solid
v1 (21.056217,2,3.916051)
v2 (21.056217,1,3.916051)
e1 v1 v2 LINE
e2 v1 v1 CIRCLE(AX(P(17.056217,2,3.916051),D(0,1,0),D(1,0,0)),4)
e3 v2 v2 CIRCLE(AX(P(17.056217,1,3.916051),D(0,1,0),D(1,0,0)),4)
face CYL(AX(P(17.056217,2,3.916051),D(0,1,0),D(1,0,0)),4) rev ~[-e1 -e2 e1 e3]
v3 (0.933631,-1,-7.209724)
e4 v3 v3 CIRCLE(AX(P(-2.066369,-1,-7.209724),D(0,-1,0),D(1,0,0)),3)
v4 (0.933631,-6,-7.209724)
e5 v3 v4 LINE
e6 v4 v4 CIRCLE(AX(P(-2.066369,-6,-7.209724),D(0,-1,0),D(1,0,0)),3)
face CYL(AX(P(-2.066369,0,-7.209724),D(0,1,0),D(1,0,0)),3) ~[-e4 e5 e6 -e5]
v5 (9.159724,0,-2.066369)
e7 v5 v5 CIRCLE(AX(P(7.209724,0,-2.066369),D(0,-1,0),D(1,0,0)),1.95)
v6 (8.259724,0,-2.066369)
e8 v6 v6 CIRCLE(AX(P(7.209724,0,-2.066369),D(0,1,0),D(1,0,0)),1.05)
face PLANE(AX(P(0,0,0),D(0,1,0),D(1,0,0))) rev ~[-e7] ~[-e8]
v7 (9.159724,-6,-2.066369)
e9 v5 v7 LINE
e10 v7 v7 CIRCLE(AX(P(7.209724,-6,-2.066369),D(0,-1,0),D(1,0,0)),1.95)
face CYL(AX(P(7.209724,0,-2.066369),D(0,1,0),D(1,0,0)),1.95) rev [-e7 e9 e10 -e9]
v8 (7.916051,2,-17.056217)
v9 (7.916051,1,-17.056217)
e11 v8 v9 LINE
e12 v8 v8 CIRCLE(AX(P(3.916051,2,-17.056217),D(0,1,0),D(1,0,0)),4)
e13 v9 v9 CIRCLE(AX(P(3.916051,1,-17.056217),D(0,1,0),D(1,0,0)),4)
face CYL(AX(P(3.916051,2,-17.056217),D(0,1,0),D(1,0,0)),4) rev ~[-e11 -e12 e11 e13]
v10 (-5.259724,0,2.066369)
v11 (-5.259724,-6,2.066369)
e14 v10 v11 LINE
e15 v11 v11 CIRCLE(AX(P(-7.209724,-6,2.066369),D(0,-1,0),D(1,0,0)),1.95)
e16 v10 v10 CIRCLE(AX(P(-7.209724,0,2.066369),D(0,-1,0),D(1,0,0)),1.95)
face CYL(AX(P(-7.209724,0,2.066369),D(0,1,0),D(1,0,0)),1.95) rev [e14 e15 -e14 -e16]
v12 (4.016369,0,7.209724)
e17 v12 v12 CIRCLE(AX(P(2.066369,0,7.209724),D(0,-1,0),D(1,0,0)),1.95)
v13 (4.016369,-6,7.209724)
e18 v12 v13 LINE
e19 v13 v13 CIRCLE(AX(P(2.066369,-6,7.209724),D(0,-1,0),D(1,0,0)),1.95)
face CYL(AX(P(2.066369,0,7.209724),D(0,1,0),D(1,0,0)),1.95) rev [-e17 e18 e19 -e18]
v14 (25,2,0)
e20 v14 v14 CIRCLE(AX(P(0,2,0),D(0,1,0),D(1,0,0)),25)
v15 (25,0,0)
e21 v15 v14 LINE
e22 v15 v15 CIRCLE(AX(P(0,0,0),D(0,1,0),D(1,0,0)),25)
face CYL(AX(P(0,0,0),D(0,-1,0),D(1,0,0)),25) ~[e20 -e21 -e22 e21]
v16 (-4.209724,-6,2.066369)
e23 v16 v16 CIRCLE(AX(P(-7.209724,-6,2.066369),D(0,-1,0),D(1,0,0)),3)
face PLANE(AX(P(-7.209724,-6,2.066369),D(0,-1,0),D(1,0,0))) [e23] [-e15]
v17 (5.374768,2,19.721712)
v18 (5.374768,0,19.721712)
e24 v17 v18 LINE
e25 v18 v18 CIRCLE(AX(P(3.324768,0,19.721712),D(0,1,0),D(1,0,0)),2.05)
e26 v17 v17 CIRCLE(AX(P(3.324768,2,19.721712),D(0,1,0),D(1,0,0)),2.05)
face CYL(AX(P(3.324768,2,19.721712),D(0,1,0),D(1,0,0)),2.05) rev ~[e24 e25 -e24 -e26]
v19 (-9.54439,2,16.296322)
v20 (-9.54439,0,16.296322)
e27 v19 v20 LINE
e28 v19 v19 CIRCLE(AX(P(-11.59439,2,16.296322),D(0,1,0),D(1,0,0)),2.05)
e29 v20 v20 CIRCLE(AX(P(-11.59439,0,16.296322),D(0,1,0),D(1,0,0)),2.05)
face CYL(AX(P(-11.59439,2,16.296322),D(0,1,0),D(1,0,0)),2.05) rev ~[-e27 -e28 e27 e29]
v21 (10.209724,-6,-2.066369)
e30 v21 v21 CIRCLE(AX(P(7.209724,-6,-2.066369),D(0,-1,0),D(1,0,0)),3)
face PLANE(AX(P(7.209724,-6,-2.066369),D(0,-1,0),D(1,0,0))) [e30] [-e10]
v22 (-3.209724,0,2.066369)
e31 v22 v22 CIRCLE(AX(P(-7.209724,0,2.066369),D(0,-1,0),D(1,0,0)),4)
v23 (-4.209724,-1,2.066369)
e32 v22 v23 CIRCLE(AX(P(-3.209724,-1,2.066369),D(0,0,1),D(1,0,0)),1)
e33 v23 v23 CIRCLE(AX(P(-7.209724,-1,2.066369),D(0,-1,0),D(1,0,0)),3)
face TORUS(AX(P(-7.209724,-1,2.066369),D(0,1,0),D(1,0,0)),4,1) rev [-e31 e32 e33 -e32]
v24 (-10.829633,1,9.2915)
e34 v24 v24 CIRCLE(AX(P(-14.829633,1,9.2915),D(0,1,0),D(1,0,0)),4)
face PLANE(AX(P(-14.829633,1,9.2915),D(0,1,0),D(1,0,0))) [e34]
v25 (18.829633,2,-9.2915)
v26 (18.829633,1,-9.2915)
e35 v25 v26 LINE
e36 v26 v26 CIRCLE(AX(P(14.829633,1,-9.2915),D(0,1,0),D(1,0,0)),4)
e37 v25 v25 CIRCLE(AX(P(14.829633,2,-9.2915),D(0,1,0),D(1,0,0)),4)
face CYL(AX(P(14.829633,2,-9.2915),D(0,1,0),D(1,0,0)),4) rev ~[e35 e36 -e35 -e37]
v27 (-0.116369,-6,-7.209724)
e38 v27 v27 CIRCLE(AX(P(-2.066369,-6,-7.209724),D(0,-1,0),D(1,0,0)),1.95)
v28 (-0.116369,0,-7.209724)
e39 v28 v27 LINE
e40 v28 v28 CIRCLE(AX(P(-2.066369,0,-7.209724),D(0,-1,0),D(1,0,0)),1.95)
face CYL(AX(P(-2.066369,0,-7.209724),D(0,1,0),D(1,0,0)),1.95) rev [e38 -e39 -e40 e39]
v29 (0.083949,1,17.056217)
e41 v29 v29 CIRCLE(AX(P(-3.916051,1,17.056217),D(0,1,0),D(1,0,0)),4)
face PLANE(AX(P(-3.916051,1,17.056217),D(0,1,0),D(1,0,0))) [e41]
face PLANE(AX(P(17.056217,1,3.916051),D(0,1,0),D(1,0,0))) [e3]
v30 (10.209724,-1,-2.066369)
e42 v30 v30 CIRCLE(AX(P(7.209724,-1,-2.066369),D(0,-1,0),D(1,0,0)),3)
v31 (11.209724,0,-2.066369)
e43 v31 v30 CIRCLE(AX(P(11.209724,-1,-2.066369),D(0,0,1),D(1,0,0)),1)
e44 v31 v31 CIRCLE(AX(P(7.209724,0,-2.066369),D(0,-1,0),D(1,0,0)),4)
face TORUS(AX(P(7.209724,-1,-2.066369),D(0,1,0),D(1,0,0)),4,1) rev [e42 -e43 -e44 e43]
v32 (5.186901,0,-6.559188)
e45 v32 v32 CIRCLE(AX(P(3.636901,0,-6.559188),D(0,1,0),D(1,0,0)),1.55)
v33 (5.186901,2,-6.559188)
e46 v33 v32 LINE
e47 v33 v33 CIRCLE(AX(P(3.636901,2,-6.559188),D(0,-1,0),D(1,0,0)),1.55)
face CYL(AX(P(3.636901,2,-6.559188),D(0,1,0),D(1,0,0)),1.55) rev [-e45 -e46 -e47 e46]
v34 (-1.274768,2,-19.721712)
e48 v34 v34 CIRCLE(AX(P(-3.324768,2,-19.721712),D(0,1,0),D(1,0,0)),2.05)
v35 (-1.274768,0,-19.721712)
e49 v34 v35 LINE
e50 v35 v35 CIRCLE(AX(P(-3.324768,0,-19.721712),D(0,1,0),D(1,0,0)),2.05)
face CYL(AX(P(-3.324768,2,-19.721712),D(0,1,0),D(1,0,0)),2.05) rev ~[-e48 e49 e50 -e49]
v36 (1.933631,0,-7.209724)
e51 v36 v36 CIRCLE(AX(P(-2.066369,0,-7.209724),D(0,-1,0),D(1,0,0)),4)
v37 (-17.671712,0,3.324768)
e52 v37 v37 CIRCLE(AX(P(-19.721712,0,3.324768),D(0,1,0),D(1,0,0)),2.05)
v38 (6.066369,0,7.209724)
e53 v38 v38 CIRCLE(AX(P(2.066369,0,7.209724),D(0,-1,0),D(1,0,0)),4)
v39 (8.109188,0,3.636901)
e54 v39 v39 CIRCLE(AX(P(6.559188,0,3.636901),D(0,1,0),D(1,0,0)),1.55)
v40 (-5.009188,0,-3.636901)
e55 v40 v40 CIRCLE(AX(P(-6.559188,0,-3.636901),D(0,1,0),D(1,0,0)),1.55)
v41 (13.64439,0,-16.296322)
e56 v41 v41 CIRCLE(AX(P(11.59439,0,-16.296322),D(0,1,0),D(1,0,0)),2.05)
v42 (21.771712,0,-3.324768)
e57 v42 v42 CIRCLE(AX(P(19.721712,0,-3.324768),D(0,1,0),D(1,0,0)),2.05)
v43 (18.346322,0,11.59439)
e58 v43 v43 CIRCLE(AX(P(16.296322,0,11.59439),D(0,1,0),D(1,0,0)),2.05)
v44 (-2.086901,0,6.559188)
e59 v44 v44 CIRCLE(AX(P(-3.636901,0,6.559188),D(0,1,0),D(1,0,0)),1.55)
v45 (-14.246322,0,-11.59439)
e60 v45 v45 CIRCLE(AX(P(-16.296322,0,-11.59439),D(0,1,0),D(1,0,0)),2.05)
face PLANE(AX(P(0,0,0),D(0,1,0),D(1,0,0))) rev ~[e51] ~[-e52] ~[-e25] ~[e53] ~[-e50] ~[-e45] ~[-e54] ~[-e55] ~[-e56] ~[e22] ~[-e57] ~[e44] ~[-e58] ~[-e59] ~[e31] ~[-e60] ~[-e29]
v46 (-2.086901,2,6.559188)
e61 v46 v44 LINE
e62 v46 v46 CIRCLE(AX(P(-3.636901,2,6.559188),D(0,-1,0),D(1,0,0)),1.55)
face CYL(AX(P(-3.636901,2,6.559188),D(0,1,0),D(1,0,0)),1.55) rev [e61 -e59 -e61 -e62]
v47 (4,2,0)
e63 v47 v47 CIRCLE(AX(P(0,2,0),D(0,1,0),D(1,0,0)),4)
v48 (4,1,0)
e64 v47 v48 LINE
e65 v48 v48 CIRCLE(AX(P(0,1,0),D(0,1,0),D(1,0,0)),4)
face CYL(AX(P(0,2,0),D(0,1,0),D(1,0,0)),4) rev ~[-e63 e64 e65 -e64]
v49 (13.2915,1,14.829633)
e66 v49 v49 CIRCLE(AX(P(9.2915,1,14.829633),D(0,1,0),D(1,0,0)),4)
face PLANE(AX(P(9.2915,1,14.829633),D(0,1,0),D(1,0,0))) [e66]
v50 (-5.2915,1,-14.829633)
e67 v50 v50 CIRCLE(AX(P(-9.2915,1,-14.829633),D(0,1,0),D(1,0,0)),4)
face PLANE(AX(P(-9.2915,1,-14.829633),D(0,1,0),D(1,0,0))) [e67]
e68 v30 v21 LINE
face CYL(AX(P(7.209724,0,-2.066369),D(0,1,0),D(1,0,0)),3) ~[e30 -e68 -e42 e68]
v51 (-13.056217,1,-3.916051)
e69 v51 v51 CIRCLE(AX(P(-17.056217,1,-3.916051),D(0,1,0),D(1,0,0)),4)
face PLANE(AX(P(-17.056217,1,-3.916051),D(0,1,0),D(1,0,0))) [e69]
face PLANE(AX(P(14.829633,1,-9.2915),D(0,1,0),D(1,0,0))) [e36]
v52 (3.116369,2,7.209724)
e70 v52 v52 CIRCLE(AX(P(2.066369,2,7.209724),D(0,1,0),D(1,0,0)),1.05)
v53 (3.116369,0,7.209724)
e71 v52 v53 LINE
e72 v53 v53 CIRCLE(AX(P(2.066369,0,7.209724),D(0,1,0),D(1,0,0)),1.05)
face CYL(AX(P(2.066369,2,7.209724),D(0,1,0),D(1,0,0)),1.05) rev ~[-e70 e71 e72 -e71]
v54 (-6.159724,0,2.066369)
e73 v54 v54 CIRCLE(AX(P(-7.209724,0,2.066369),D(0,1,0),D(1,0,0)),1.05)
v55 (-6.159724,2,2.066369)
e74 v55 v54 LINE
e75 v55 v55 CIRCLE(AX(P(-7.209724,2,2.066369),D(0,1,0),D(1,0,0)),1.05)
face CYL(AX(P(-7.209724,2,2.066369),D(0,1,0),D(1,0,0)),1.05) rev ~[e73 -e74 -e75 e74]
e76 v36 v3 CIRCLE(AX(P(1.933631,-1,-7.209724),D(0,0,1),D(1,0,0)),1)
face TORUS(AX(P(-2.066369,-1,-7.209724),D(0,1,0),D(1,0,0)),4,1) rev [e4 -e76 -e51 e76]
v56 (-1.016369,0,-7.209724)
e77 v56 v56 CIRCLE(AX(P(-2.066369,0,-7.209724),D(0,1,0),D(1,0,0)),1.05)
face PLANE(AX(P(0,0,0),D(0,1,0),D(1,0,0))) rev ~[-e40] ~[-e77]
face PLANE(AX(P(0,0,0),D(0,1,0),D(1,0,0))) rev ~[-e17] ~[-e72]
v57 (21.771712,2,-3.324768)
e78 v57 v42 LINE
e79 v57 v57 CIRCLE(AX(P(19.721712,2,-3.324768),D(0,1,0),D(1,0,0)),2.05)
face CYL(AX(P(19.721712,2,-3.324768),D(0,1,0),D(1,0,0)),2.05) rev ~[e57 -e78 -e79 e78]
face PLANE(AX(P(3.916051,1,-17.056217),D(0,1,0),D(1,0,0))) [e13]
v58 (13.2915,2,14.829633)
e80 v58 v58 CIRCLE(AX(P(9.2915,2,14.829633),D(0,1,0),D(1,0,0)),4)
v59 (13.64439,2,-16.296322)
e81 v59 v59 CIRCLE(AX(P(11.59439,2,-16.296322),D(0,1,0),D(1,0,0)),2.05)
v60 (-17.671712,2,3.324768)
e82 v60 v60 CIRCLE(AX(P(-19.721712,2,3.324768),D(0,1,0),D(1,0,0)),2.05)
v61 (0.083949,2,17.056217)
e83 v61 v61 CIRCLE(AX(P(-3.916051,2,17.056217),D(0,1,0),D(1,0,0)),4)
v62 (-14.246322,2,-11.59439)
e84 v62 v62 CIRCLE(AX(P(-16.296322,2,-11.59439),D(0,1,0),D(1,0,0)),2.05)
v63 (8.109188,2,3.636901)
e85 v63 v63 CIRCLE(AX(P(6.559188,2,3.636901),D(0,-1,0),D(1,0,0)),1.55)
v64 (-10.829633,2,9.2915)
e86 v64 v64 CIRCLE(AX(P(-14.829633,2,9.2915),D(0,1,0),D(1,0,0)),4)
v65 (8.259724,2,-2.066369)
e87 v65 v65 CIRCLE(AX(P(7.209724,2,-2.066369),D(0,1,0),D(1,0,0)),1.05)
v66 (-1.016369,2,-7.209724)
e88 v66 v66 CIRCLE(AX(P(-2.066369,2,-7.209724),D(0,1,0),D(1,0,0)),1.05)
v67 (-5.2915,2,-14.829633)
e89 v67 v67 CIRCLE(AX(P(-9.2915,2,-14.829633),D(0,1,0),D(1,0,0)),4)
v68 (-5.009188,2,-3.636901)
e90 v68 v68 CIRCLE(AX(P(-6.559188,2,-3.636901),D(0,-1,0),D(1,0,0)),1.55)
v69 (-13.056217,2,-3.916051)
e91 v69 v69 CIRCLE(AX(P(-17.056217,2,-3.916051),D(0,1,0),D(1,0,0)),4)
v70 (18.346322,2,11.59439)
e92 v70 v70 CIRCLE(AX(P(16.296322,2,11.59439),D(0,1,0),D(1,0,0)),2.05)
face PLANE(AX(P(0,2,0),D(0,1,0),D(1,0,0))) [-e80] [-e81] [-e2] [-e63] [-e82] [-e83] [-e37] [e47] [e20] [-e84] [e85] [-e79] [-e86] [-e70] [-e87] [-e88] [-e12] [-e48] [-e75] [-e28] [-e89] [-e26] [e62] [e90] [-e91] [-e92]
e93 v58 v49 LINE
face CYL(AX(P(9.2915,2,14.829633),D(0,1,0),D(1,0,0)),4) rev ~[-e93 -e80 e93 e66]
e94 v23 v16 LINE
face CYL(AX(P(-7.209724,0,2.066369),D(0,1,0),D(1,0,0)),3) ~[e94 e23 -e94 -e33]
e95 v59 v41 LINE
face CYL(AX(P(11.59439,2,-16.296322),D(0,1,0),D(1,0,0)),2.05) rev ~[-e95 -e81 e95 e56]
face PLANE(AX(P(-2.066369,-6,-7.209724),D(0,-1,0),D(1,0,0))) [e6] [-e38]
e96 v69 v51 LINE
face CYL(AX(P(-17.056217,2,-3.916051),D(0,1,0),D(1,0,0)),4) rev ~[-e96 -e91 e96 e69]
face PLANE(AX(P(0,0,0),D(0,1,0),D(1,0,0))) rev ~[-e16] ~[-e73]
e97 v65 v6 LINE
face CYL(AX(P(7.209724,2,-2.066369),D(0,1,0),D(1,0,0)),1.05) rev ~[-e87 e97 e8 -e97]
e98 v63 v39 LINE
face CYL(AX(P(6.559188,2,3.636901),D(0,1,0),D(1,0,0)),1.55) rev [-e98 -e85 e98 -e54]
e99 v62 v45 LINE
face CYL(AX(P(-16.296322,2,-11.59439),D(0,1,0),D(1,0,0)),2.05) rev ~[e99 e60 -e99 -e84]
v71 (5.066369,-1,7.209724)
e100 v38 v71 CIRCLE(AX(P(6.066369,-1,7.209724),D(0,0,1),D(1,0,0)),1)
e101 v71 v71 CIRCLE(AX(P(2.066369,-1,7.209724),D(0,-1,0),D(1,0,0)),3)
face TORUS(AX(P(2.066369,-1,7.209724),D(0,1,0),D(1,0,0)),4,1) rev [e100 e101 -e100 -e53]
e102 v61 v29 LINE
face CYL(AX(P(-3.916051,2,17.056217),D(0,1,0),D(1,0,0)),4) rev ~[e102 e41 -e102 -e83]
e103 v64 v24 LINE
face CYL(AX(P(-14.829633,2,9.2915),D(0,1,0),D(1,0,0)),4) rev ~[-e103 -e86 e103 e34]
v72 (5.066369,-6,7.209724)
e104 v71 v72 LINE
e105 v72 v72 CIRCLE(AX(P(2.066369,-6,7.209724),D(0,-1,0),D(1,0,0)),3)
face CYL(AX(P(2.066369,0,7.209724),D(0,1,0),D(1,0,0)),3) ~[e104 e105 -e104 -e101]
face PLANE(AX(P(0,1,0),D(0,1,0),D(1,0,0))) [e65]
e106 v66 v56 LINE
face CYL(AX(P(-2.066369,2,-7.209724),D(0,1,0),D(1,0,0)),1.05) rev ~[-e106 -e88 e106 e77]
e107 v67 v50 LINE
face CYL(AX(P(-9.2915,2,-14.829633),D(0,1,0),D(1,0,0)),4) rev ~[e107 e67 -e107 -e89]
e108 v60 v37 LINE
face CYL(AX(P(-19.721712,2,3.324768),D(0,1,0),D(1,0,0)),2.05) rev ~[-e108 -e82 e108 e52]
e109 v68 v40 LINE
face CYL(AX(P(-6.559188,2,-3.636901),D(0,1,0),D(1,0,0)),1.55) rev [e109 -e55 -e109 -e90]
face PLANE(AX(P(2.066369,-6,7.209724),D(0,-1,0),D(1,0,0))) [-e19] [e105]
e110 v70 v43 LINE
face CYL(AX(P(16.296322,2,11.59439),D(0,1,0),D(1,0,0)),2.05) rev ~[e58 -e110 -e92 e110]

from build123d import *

# Parameters (mm, degrees)
SKETCH1_R           = 25
BOSS_EXTRUDE1_DEPTH = 2
SKETCH2_R           = 1.05
CUT_EXTRUDE1_DEPTH  = 3
SKETCH3_R           = 4
CUT_EXTRUDE2_DEPTH  = 1
SKETCH4_R           = 3
SKETCH4_R_2         = 1.95
BOSS_EXTRUDE2_DEPTH = 6
FILLET1_R           = 1
SKETCH5_R           = 2.05
CUT_EXTRUDE3_DEPTH  = 9
SKETCH7_R           = 1.55
CUT_EXTRUDE4_DEPTH  = 9


with BuildPart() as part:
    # Sketch1 → Boss-Extrude1 (new body)
    with BuildSketch(Plane(origin=(0, 0, 0), x_dir=(1, 0, 0), z_dir=(0, 1, 0))):
        Circle(SKETCH1_R)
    extrude(amount=BOSS_EXTRUDE1_DEPTH)

    # Sketch2 → Cut-Extrude1 (cut, through all)
    with BuildSketch(Plane(origin=(0, 2, 0), x_dir=(1, 0, 0), z_dir=(0, 1, 0))):
        with Locations((-2.066368974, 7.209723938)):
            Circle(SKETCH2_R)
        with Locations((7.209723938, 2.066368974)):
            Circle(SKETCH2_R)
        with Locations((2.066368974, -7.209723938)):
            Circle(SKETCH2_R)
        with Locations((-7.209723938, -2.066368974)):
            Circle(SKETCH2_R)
    extrude(amount=-CUT_EXTRUDE1_DEPTH, mode=Mode.SUBTRACT)

    # Sketch3 → Cut-Extrude2 (cut)
    with BuildSketch(Plane(origin=(0, 2, 0), x_dir=(1, 0, 0), z_dir=(0, 1, 0))):
        Circle(SKETCH3_R)
        with Locations((17.056217149, -3.916051143)):
            Circle(SKETCH3_R)
        with Locations((9.291500489, -14.829633126)):
            Circle(SKETCH3_R)
        with Locations((-3.916051143, -17.056217149)):
            Circle(SKETCH3_R)
        with Locations((-14.829633126, -9.291500489)):
            Circle(SKETCH3_R)
        with Locations((-17.056217149, 3.916051143)):
            Circle(SKETCH3_R)
        with Locations((-9.291500489, 14.829633126)):
            Circle(SKETCH3_R)
        with Locations((3.916051143, 17.056217149)):
            Circle(SKETCH3_R)
        with Locations((14.829633126, 9.291500489)):
            Circle(SKETCH3_R)
    extrude(amount=-CUT_EXTRUDE2_DEPTH, mode=Mode.SUBTRACT)

    # Sketch4 → Boss-Extrude2 (add)
    with BuildSketch(Plane.XZ):
        with Locations((2.066368974, 7.209723938)):
            Circle(SKETCH4_R)
        with Locations((2.066368974, 7.209723938)):
            Circle(SKETCH4_R_2, mode=Mode.SUBTRACT)
        with Locations((7.209723938, -2.066368974)):
            Circle(SKETCH4_R)
        with Locations((7.209723938, -2.066368974)):
            Circle(SKETCH4_R_2, mode=Mode.SUBTRACT)
        with Locations((-2.066368974, -7.209723938)):
            Circle(SKETCH4_R)
        with Locations((-2.066368974, -7.209723938)):
            Circle(SKETCH4_R_2, mode=Mode.SUBTRACT)
        with Locations((-7.209723938, 2.066368974)):
            Circle(SKETCH4_R)
        with Locations((-7.209723938, 2.066368974)):
            Circle(SKETCH4_R_2, mode=Mode.SUBTRACT)
    extrude(amount=BOSS_EXTRUDE2_DEPTH)

    # Fillet1
    fillet1_edges = [part.edges().sort_by_distance(p)[0] for p in [
        (-0.933631026, 0, 7.209723938),
        (4.209723938, 0, -2.066368974),
        (-5.066368974, 0, -7.209723938),
        (-10.209723938, 0, 2.066368974),
    ]]
    fillet(fillet1_edges, radius=FILLET1_R)

    # Sketch5 → Cut-Extrude3 (cut, through all)
    with BuildSketch(Plane(origin=(0, 2, 0), x_dir=(1, 0, 0), z_dir=(0, 1, 0))):
        with Locations((-11.594389967, -16.296322324)):
            Circle(SKETCH5_R)
        with Locations((-19.721711793, -3.324768254)):
            Circle(SKETCH5_R)
        with Locations((-16.296322324, 11.594389967)):
            Circle(SKETCH5_R)
        with Locations((-3.324768254, 19.721711793)):
            Circle(SKETCH5_R)
        with Locations((11.594389967, 16.296322324)):
            Circle(SKETCH5_R)
        with Locations((19.721711793, 3.324768254)):
            Circle(SKETCH5_R)
        with Locations((16.296322324, -11.594389967)):
            Circle(SKETCH5_R)
        with Locations((3.324768254, -19.721711793)):
            Circle(SKETCH5_R)
    extrude(amount=-CUT_EXTRUDE3_DEPTH, mode=Mode.SUBTRACT)

    # Sketch7 → Cut-Extrude4 (cut, through all)
    with BuildSketch(Plane(origin=(0, 2, -2), x_dir=(1, 0, 0), z_dir=(0, -1, 0))):
        with Locations((-3.636901173, 8.559188201)):
            Circle(SKETCH7_R)
        with Locations((6.559188201, 5.636901173)):
            Circle(SKETCH7_R)
        with Locations((3.636901173, -4.559188201)):
            Circle(SKETCH7_R)
        with Locations((-6.559188201, -1.636901173)):
            Circle(SKETCH7_R)
    extrude(amount=CUT_EXTRUDE4_DEPTH, mode=Mode.SUBTRACT)


solid = part.part
